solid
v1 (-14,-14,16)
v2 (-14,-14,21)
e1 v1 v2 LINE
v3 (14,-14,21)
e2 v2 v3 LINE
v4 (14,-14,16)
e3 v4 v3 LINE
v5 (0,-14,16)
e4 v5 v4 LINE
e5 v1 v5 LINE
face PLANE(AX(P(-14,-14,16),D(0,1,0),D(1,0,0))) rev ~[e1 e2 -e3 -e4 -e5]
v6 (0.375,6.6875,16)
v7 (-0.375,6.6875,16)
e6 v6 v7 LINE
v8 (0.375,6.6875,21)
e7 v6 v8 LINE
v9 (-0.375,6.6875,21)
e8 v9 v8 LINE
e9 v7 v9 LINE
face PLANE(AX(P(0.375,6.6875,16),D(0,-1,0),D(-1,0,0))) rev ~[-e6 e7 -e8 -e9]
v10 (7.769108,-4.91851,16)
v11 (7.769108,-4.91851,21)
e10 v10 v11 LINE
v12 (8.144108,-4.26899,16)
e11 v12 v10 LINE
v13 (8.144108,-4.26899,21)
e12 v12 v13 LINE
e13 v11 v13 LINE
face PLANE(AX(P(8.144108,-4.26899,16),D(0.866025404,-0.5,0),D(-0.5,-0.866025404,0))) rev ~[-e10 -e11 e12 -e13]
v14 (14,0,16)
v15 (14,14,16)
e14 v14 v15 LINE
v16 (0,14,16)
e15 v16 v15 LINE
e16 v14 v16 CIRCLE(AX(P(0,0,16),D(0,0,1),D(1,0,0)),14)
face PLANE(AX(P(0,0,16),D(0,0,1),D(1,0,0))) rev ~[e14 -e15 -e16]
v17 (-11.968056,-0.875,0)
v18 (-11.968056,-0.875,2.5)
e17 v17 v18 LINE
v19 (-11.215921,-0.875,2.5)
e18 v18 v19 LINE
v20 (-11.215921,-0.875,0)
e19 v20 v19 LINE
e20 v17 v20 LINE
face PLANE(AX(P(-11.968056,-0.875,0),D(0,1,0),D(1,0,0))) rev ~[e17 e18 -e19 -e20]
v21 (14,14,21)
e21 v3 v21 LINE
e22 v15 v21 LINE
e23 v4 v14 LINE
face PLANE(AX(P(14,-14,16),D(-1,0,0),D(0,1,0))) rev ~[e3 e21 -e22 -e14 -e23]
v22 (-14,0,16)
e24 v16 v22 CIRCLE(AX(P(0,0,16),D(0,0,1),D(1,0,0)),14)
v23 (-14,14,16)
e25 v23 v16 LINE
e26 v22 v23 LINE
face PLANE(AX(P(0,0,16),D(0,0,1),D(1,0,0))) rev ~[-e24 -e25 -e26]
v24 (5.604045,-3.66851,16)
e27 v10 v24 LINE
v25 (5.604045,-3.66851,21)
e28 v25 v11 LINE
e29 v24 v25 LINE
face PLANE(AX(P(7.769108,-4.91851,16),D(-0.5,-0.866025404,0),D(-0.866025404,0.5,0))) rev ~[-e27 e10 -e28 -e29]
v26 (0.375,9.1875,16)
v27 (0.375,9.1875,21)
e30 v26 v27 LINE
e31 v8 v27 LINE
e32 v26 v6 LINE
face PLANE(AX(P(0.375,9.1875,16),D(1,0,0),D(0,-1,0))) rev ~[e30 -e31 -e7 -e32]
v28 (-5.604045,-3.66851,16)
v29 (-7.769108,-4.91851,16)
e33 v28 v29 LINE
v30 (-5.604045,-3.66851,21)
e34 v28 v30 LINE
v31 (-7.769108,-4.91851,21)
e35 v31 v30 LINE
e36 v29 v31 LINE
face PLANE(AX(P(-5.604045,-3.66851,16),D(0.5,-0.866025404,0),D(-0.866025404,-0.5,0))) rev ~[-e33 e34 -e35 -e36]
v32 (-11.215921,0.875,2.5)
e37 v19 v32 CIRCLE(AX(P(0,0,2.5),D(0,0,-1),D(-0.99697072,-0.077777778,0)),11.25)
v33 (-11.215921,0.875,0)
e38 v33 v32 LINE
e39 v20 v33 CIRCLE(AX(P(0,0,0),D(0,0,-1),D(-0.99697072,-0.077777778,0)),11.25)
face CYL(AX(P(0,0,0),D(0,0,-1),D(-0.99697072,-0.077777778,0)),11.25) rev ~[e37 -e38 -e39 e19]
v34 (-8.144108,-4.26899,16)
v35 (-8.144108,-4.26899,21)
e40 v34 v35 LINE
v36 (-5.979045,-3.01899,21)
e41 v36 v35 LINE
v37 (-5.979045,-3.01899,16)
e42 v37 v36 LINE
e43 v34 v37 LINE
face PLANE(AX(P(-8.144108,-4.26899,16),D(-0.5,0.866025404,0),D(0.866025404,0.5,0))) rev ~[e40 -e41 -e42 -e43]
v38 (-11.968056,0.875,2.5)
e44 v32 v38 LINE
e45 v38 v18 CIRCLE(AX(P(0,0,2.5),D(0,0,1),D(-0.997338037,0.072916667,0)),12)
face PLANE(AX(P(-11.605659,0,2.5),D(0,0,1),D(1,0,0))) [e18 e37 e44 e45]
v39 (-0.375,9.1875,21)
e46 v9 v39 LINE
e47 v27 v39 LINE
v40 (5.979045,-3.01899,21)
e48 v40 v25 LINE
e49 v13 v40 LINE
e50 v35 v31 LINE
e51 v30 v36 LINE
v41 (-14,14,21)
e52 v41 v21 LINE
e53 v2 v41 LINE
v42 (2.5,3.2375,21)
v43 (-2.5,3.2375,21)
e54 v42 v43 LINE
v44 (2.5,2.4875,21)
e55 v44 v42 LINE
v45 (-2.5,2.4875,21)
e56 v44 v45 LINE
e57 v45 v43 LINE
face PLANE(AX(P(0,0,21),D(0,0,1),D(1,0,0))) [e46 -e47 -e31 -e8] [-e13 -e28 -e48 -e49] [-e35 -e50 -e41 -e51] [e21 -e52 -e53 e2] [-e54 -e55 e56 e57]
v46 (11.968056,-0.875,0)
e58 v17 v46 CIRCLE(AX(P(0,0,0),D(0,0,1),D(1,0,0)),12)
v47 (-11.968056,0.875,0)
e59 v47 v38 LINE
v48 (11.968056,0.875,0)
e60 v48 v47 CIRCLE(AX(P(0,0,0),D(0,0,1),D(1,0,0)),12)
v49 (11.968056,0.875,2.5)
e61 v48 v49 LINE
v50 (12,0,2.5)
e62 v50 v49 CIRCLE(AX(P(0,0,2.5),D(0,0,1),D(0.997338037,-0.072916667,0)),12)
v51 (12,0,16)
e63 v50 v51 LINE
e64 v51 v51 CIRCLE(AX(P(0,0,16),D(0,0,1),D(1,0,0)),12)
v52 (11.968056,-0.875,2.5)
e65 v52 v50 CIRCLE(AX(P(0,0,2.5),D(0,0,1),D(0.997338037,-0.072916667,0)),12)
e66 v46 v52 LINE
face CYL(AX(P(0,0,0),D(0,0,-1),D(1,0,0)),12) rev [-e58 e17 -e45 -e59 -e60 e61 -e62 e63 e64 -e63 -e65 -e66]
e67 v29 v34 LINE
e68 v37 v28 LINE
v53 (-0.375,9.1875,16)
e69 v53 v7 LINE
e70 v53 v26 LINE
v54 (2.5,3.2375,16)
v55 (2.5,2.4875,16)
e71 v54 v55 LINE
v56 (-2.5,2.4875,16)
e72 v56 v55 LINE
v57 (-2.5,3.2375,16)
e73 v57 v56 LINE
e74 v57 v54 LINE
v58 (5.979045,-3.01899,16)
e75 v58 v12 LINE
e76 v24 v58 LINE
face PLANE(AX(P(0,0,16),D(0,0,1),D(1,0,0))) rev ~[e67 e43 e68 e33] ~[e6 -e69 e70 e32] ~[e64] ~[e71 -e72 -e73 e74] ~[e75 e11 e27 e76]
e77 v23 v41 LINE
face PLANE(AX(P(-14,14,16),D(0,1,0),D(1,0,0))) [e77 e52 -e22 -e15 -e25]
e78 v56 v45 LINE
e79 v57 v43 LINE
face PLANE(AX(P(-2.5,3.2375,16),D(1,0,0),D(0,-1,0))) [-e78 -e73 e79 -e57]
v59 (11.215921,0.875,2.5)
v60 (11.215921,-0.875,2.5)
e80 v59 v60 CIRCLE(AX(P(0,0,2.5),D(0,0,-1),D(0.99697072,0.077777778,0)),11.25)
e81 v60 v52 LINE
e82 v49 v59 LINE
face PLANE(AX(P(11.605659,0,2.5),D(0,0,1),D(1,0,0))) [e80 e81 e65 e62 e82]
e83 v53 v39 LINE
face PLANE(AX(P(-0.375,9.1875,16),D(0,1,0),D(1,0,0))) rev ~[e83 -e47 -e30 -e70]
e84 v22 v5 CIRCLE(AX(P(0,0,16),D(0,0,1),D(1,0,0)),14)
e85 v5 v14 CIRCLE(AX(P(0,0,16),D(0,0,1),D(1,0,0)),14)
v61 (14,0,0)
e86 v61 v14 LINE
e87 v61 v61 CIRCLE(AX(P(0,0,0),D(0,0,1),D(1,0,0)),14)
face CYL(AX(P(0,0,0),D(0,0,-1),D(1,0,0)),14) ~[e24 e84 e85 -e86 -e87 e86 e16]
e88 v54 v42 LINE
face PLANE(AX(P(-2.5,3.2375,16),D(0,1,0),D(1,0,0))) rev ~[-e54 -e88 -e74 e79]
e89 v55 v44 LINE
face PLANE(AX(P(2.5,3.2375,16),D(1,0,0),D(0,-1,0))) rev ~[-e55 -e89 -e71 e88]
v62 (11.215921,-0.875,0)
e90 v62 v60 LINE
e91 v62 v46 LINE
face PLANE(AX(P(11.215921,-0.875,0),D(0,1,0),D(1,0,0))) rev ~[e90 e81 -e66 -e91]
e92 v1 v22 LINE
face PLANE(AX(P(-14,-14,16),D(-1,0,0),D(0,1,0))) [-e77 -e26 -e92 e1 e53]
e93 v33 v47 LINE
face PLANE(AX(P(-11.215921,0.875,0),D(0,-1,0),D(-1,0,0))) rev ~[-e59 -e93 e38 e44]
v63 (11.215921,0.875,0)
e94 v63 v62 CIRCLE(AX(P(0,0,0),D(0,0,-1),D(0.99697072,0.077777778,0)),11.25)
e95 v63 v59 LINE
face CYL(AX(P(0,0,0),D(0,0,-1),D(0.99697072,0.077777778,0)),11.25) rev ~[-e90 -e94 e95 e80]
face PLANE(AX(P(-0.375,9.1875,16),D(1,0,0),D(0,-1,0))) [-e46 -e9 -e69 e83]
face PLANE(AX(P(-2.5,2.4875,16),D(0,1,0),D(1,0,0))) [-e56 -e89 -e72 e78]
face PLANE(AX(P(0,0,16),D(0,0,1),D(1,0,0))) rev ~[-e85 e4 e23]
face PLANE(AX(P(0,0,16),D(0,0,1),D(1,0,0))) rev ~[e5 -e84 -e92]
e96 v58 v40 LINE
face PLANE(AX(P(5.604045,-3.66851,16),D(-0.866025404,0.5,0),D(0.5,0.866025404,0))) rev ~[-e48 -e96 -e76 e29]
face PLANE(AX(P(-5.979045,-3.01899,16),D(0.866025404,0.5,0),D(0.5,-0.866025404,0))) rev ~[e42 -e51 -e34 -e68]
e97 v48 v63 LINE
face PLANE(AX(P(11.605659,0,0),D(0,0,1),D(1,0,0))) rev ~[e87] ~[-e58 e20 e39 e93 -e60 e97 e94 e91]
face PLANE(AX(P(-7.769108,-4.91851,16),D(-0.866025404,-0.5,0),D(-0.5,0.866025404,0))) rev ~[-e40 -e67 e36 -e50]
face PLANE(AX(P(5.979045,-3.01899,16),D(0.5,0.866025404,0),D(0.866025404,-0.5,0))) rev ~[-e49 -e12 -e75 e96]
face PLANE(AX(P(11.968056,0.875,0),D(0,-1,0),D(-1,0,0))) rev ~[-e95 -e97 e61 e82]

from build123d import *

# Parameters (mm, degrees)
F0_R     = 14
F0_R_2   = 12
F1_DEPTH = 16
F3_DEPTH = 2.5
F4_W     = 28
F4_H     = 28
F5_DEPTH = 5
F6_W     = 5
F6_H     = 0.75
F6_W_2   = 0.375
F6_H_2   = 2.5
F7_DEPTH = 5.001


with BuildPart() as f1:
    # F0 (on Top) → F1 (new body)
    with BuildSketch(Plane.XY):
        Circle(F0_R)
        Circle(F0_R_2, mode=Mode.SUBTRACT)
    extrude(amount=F1_DEPTH)

    # F2 (on Top) → F3 (join)
    with BuildSketch(Plane.XY):
        with BuildLine():
            Line((-11.2159206042, 0.875), (-11.968056442, 0.875))
            ThreePointArc((-11.968056442, 0.875), (-12, 0), (-11.968056442, -0.875))
            Line((-11.968056442, -0.875), (-11.2159206042, -0.875))
            ThreePointArc((-11.2159206042, -0.875), (-11.25, 0), (-11.2159206042, 0.875))
        make_face()
        with BuildLine():
            ThreePointArc((11.968056442, -0.875), (12, 0), (11.968056442, 0.875))
            Line((11.968056442, 0.875), (11.2159206042, 0.875))
            ThreePointArc((11.2159206042, 0.875), (11.25, 0), (11.2159206042, -0.875))
            Line((11.2159206042, -0.875), (11.968056442, -0.875))
        make_face()
    extrude(amount=F3_DEPTH)

    # F4 (on face) → F5 (join)
    with BuildSketch(Plane.XY.offset(16)):
        Rectangle(F4_W, F4_H)
    extrude(amount=F5_DEPTH)

    # F6 (on face) → F7 (cut, through all)
    with BuildSketch(Plane(origin=(0, 0, 16), x_dir=(1, 0, 0), z_dir=(0, 0, -1))):
        with Locations((0, -2.8625)):
            Rectangle(F6_W, F6_H)
        with Locations((0.1875, -7.9375)):
            Rectangle(F6_W_2, F6_H_2)
        with Locations((-0.1875, -7.9375)):
            Rectangle(F6_W_2, F6_H_2)
        Polygon((5.6040448878, 3.6685095264), (5.7915448878, 3.34375), (7.9566083973, 4.59375), (7.7691083973, 4.9185095264), align=None)
        Polygon((7.9566083973, 4.59375), (5.7915448878, 3.34375), (5.9790448878, 3.0189904736), (8.1441083973, 4.2689904736), align=None)
        Polygon((-5.9790448878, 3.0189904736), (-5.7915448878, 3.34375), (-7.9566083973, 4.59375), (-8.1441083973, 4.2689904736), align=None)
        Polygon((-7.9566083973, 4.59375), (-5.7915448878, 3.34375), (-5.6040448878, 3.6685095264), (-7.7691083973, 4.9185095264), align=None)
    extrude(amount=-F7_DEPTH, mode=Mode.SUBTRACT)


solid = f1.part
